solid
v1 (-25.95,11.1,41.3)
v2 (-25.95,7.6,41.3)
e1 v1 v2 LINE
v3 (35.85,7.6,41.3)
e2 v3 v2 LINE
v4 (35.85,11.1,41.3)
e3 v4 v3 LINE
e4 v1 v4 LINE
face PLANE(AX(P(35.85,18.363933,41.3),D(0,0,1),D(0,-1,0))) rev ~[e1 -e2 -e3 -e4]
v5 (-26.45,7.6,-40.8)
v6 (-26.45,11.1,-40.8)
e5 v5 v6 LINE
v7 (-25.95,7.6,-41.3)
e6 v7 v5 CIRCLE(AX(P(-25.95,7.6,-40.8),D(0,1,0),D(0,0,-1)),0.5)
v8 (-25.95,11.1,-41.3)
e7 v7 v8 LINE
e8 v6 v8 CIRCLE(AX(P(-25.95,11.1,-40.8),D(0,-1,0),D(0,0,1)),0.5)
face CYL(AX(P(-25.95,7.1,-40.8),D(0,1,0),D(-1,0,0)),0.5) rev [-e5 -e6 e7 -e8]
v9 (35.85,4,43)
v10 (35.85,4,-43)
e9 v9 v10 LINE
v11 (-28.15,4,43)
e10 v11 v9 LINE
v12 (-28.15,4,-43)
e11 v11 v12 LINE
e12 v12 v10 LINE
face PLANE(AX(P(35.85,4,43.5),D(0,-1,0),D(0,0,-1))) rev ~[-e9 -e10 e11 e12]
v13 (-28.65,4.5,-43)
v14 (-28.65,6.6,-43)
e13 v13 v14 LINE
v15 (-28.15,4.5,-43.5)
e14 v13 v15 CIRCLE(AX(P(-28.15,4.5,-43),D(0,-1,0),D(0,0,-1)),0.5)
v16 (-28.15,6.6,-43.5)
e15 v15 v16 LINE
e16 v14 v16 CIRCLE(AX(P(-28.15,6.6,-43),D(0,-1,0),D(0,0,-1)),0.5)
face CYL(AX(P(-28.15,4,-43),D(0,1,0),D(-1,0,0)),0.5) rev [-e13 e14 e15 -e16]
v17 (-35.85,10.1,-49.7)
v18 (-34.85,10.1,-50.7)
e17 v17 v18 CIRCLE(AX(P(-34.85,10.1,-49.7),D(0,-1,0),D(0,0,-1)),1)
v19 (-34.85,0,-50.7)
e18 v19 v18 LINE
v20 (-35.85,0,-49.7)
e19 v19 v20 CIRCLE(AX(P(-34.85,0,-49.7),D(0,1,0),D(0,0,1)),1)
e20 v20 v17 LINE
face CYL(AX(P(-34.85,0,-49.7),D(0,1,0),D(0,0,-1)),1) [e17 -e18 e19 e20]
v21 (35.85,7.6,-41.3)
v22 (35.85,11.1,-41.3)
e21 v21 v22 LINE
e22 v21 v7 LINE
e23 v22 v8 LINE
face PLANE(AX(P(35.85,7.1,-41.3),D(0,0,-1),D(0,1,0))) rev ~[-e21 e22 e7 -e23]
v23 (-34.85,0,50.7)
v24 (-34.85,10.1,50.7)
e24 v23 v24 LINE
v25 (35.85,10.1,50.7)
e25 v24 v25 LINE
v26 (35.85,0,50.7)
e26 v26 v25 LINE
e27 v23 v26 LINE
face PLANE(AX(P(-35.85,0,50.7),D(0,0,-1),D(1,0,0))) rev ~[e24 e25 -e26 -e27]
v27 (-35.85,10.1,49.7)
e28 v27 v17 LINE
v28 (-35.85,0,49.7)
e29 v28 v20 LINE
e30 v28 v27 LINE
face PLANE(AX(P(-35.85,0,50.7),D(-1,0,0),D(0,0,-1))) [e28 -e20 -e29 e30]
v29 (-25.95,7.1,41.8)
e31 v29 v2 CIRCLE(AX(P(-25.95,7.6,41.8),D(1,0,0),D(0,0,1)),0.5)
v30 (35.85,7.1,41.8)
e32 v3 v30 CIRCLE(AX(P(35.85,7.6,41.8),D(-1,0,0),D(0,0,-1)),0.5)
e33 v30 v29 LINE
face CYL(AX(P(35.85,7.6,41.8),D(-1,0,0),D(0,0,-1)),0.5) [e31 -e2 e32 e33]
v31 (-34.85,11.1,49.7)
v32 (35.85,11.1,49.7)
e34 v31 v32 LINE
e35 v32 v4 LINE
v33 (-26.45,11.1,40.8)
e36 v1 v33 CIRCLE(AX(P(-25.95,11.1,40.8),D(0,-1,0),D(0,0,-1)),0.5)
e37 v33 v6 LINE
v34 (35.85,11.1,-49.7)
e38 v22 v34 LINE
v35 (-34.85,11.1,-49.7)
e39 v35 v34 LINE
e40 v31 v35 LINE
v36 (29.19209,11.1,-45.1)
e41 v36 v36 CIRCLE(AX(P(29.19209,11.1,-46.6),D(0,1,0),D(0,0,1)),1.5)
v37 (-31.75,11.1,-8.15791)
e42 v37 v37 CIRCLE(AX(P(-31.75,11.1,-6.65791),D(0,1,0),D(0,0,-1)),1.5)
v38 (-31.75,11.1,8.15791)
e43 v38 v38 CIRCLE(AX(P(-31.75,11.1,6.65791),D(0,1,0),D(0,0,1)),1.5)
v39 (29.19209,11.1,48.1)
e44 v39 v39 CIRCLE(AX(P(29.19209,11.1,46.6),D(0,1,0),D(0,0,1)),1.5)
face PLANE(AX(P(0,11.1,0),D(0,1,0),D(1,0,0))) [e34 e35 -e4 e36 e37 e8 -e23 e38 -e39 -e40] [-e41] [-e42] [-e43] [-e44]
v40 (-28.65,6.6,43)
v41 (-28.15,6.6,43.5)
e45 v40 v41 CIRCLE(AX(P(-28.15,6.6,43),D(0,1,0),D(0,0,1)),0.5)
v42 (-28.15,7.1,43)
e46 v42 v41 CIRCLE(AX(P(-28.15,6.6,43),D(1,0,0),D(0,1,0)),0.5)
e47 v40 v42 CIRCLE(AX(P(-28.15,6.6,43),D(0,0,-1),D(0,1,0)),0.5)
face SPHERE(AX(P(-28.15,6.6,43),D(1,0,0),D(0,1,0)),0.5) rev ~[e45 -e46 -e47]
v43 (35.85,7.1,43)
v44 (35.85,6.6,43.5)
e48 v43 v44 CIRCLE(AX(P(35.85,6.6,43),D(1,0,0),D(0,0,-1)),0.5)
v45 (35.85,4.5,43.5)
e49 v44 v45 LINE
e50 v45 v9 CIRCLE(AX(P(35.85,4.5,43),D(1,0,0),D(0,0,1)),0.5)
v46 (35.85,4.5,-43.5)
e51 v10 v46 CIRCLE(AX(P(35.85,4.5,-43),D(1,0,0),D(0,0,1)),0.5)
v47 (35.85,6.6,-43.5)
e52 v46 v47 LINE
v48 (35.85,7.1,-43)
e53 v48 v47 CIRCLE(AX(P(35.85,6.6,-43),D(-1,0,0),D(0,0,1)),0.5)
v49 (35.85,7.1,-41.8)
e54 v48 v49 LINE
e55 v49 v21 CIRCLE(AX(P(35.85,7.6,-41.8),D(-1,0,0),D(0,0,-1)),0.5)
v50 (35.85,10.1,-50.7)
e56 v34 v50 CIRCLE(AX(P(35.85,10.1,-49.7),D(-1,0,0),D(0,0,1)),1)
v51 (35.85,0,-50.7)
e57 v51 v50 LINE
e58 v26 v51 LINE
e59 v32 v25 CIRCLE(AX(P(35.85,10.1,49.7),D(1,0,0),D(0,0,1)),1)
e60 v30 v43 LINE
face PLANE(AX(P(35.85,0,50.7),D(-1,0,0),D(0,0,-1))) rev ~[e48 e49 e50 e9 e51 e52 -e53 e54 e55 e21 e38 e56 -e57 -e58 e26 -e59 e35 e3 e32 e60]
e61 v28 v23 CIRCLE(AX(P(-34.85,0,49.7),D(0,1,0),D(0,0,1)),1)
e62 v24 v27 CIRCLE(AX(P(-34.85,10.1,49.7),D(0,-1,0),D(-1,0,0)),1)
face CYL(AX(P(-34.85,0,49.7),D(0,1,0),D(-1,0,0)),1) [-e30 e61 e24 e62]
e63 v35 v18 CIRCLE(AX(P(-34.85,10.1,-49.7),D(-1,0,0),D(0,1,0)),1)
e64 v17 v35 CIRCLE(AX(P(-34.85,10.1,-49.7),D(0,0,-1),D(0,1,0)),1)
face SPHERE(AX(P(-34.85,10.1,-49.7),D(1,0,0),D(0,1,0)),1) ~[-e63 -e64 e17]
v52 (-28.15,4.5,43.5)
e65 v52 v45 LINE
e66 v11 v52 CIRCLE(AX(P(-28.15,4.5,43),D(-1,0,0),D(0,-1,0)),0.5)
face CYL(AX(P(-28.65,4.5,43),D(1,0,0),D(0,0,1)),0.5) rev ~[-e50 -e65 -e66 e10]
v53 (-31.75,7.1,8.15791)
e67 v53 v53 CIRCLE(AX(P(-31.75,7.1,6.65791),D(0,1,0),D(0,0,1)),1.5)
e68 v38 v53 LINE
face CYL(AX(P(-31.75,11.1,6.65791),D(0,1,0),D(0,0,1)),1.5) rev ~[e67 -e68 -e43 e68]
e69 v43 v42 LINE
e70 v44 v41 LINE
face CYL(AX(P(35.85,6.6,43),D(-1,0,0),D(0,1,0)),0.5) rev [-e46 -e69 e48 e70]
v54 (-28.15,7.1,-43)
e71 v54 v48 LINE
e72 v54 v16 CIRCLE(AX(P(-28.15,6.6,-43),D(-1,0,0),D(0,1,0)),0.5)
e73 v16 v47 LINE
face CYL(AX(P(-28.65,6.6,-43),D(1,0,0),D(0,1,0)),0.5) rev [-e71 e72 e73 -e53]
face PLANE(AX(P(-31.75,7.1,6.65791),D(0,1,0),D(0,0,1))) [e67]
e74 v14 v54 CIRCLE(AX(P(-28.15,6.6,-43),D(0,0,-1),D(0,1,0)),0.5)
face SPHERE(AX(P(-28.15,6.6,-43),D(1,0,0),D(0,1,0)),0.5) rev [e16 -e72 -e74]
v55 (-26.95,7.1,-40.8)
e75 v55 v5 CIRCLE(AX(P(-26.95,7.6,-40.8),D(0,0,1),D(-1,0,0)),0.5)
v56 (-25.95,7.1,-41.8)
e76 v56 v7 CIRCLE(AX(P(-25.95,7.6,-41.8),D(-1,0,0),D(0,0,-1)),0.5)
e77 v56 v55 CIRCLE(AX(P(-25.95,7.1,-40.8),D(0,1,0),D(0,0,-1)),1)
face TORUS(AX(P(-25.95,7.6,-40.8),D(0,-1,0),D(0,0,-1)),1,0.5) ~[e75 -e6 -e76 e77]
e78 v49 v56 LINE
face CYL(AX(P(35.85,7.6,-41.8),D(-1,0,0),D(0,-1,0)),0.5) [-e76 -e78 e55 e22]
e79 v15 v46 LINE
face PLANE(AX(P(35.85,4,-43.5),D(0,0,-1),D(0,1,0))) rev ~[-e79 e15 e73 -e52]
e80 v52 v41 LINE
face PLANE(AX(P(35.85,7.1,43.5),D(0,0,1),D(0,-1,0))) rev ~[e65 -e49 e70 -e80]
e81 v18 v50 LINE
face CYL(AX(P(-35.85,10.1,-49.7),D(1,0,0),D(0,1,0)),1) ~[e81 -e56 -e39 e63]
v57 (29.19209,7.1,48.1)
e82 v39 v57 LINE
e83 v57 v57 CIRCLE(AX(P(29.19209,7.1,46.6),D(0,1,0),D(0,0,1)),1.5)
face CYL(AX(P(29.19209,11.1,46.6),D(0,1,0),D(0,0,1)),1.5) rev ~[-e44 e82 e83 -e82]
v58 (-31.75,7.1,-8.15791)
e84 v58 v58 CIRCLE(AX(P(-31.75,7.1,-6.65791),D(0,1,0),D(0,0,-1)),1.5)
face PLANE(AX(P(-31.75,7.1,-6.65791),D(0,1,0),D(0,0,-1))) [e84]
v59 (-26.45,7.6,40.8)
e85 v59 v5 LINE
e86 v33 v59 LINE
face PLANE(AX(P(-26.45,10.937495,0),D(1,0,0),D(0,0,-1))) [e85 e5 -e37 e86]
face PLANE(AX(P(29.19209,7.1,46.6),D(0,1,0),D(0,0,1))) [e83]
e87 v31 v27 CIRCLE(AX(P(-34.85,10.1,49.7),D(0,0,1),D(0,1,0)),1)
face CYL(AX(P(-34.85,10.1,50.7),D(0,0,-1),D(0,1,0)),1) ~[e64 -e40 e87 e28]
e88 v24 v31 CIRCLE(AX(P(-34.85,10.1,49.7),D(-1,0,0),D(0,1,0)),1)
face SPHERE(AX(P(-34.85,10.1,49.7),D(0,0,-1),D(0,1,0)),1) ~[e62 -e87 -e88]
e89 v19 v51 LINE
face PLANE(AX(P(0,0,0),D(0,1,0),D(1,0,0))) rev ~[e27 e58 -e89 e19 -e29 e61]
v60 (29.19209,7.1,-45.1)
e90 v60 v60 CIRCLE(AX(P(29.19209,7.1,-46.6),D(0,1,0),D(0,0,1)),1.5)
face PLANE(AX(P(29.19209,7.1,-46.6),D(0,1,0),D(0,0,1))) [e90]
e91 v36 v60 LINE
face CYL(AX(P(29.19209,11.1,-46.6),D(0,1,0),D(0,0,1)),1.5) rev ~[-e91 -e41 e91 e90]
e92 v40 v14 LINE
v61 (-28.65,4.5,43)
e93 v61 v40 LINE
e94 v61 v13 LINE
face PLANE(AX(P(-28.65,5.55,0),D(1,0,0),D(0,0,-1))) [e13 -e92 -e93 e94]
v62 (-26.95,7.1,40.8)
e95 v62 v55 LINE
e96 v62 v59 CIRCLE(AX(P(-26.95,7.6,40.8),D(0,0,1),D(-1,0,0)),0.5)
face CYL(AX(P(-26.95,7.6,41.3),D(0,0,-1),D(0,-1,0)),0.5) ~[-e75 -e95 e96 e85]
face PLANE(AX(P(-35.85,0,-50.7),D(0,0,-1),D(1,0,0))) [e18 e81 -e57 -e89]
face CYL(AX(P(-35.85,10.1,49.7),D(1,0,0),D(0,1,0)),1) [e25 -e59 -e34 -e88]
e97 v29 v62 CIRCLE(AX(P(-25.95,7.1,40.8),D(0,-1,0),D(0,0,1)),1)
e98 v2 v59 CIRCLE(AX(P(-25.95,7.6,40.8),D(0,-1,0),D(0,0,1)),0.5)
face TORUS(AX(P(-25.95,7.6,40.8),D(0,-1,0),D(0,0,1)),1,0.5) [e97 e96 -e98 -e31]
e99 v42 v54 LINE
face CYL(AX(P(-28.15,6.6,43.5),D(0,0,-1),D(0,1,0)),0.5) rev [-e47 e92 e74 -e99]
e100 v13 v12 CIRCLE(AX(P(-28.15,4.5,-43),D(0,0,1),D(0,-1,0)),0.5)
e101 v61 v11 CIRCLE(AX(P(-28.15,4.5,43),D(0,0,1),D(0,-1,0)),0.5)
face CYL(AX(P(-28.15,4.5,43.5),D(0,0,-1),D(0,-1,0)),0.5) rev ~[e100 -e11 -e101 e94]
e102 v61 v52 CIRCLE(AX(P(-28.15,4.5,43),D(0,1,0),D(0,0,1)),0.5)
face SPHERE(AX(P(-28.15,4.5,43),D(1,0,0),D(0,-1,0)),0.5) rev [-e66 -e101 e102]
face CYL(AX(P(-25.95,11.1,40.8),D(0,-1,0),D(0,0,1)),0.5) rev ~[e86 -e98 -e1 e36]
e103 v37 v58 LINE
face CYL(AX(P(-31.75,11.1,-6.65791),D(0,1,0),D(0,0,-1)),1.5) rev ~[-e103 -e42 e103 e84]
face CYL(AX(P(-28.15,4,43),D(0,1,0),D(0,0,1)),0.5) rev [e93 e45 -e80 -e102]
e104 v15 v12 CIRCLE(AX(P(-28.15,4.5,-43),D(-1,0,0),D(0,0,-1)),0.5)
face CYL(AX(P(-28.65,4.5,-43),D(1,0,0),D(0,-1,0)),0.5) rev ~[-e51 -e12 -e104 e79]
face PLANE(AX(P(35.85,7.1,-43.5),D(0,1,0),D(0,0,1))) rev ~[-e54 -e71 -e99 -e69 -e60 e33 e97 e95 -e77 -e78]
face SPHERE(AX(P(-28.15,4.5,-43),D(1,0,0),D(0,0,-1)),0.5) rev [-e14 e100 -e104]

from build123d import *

# Parameters (mm, degrees)
SKETCH1_W           = 71.7
SKETCH1_H           = 101.4
BOSS_EXTRUDE1_DEPTH = 11.1
CUT_EXTRUDE1_DEPTH  = 62.3
SKETCH6_W           = 87
SKETCH6_H           = 3.1
CUT_EXTRUDE2_DEPTH  = 2.2
FILLET1_R           = 0.5
FILLET2_R           = 1
SKETCH7_R           = 1.5
CUT_EXTRUDE3_DEPTH  = 4
SKETCH8_R           = 1.5
CUT_EXTRUDE4_DEPTH  = 4


with BuildPart() as part:
    # Sketch1 → Boss-Extrude1 (new body)
    with BuildSketch(Plane(origin=(0, 0, 0), x_dir=(1, 0, 0), z_dir=(0, 1, 0))):
        Rectangle(SKETCH1_W, SKETCH1_H)
    extrude(amount=BOSS_EXTRUDE1_DEPTH)

    # Sketch5 → Cut-Extrude1 (cut)
    with BuildSketch(Plane(origin=(35.85, 0, 0), x_dir=(0, 0, -1), z_dir=(1, 0, 0))):
        Polygon((-41.3, 18.36393321), (-41.3, 7.1), (-43.5, 7.1), (-43.5, 4), (43.5, 4), (43.5, 7.1), (41.3, 7.1), (41.3, 18.36393321), align=None)
    extrude(amount=-CUT_EXTRUDE1_DEPTH, mode=Mode.SUBTRACT)

    # Sketch6 → Cut-Extrude2 (cut)
    with BuildSketch(Plane(origin=(-26.45, 0, 0), x_dir=(0, 0, -1), z_dir=(1, 0, 0))):
        with Locations((0, 5.55)):
            Rectangle(SKETCH6_W, SKETCH6_H)
    extrude(amount=-CUT_EXTRUDE2_DEPTH, mode=Mode.SUBTRACT)

    # Fillet1
    fillet1_edges = [part.edges().sort_by_distance(p)[0] for p in [
        (-26.45, 9.1, -41.3),
        (4.7, 7.1, -41.3),
        (3.6, 7.1, -43.5),
        (3.6, 4, -43.5),
        (3.6, 4, 43.5),
        (3.6, 7.1, 43.5),
        (-26.45, 9.1, 41.3),
        (4.7, 7.1, 41.3),
        (-26.45, 7.1, 0),
        (-28.65, 7.1, 0),
        (-28.65, 5.55, -43.5),
        (-28.65, 4, 0),
        (-28.65, 5.55, 43.5),
    ]]
    fillet(fillet1_edges, radius=FILLET1_R)

    # Fillet2
    fillet2_edges = [part.edges().sort_by_distance(p)[0] for p in [
        (0, 11.1, -50.7),
        (-35.85, 11.1, 0),
        (0, 11.1, 50.7),
        (-35.85, 5.55, -50.7),
        (-35.85, 5.55, 50.7),
    ]]
    fillet(fillet2_edges, radius=FILLET2_R)

    # Sketch7 → Cut-Extrude3 (cut)
    with BuildSketch(Plane(origin=(0, 11.1, 0), x_dir=(1, 0, 0), z_dir=(0, 1, 0))):
        with Locations(Location((-31.75, -6.65790951, 0), (0, 0, 270))):
            Circle(SKETCH7_R)
        with Locations(Location((-31.75, 6.65790951, 0), (0, 0, 90))):
            Circle(SKETCH7_R)
    extrude(amount=-CUT_EXTRUDE3_DEPTH, mode=Mode.SUBTRACT)

    # Sketch8 → Cut-Extrude4 (cut)
    with BuildSketch(Plane(origin=(0, 11.1, 0), x_dir=(1, 0, 0), z_dir=(0, 1, 0))):
        with Locations(Location((29.19209049, -46.6, 0), (0, 0, 270))):
            Circle(SKETCH8_R)
        with Locations(Location((29.19209049, 46.6, 0), (0, 0, 270))):
            Circle(SKETCH8_R)
    extrude(amount=-CUT_EXTRUDE4_DEPTH, mode=Mode.SUBTRACT)


solid = part.part
